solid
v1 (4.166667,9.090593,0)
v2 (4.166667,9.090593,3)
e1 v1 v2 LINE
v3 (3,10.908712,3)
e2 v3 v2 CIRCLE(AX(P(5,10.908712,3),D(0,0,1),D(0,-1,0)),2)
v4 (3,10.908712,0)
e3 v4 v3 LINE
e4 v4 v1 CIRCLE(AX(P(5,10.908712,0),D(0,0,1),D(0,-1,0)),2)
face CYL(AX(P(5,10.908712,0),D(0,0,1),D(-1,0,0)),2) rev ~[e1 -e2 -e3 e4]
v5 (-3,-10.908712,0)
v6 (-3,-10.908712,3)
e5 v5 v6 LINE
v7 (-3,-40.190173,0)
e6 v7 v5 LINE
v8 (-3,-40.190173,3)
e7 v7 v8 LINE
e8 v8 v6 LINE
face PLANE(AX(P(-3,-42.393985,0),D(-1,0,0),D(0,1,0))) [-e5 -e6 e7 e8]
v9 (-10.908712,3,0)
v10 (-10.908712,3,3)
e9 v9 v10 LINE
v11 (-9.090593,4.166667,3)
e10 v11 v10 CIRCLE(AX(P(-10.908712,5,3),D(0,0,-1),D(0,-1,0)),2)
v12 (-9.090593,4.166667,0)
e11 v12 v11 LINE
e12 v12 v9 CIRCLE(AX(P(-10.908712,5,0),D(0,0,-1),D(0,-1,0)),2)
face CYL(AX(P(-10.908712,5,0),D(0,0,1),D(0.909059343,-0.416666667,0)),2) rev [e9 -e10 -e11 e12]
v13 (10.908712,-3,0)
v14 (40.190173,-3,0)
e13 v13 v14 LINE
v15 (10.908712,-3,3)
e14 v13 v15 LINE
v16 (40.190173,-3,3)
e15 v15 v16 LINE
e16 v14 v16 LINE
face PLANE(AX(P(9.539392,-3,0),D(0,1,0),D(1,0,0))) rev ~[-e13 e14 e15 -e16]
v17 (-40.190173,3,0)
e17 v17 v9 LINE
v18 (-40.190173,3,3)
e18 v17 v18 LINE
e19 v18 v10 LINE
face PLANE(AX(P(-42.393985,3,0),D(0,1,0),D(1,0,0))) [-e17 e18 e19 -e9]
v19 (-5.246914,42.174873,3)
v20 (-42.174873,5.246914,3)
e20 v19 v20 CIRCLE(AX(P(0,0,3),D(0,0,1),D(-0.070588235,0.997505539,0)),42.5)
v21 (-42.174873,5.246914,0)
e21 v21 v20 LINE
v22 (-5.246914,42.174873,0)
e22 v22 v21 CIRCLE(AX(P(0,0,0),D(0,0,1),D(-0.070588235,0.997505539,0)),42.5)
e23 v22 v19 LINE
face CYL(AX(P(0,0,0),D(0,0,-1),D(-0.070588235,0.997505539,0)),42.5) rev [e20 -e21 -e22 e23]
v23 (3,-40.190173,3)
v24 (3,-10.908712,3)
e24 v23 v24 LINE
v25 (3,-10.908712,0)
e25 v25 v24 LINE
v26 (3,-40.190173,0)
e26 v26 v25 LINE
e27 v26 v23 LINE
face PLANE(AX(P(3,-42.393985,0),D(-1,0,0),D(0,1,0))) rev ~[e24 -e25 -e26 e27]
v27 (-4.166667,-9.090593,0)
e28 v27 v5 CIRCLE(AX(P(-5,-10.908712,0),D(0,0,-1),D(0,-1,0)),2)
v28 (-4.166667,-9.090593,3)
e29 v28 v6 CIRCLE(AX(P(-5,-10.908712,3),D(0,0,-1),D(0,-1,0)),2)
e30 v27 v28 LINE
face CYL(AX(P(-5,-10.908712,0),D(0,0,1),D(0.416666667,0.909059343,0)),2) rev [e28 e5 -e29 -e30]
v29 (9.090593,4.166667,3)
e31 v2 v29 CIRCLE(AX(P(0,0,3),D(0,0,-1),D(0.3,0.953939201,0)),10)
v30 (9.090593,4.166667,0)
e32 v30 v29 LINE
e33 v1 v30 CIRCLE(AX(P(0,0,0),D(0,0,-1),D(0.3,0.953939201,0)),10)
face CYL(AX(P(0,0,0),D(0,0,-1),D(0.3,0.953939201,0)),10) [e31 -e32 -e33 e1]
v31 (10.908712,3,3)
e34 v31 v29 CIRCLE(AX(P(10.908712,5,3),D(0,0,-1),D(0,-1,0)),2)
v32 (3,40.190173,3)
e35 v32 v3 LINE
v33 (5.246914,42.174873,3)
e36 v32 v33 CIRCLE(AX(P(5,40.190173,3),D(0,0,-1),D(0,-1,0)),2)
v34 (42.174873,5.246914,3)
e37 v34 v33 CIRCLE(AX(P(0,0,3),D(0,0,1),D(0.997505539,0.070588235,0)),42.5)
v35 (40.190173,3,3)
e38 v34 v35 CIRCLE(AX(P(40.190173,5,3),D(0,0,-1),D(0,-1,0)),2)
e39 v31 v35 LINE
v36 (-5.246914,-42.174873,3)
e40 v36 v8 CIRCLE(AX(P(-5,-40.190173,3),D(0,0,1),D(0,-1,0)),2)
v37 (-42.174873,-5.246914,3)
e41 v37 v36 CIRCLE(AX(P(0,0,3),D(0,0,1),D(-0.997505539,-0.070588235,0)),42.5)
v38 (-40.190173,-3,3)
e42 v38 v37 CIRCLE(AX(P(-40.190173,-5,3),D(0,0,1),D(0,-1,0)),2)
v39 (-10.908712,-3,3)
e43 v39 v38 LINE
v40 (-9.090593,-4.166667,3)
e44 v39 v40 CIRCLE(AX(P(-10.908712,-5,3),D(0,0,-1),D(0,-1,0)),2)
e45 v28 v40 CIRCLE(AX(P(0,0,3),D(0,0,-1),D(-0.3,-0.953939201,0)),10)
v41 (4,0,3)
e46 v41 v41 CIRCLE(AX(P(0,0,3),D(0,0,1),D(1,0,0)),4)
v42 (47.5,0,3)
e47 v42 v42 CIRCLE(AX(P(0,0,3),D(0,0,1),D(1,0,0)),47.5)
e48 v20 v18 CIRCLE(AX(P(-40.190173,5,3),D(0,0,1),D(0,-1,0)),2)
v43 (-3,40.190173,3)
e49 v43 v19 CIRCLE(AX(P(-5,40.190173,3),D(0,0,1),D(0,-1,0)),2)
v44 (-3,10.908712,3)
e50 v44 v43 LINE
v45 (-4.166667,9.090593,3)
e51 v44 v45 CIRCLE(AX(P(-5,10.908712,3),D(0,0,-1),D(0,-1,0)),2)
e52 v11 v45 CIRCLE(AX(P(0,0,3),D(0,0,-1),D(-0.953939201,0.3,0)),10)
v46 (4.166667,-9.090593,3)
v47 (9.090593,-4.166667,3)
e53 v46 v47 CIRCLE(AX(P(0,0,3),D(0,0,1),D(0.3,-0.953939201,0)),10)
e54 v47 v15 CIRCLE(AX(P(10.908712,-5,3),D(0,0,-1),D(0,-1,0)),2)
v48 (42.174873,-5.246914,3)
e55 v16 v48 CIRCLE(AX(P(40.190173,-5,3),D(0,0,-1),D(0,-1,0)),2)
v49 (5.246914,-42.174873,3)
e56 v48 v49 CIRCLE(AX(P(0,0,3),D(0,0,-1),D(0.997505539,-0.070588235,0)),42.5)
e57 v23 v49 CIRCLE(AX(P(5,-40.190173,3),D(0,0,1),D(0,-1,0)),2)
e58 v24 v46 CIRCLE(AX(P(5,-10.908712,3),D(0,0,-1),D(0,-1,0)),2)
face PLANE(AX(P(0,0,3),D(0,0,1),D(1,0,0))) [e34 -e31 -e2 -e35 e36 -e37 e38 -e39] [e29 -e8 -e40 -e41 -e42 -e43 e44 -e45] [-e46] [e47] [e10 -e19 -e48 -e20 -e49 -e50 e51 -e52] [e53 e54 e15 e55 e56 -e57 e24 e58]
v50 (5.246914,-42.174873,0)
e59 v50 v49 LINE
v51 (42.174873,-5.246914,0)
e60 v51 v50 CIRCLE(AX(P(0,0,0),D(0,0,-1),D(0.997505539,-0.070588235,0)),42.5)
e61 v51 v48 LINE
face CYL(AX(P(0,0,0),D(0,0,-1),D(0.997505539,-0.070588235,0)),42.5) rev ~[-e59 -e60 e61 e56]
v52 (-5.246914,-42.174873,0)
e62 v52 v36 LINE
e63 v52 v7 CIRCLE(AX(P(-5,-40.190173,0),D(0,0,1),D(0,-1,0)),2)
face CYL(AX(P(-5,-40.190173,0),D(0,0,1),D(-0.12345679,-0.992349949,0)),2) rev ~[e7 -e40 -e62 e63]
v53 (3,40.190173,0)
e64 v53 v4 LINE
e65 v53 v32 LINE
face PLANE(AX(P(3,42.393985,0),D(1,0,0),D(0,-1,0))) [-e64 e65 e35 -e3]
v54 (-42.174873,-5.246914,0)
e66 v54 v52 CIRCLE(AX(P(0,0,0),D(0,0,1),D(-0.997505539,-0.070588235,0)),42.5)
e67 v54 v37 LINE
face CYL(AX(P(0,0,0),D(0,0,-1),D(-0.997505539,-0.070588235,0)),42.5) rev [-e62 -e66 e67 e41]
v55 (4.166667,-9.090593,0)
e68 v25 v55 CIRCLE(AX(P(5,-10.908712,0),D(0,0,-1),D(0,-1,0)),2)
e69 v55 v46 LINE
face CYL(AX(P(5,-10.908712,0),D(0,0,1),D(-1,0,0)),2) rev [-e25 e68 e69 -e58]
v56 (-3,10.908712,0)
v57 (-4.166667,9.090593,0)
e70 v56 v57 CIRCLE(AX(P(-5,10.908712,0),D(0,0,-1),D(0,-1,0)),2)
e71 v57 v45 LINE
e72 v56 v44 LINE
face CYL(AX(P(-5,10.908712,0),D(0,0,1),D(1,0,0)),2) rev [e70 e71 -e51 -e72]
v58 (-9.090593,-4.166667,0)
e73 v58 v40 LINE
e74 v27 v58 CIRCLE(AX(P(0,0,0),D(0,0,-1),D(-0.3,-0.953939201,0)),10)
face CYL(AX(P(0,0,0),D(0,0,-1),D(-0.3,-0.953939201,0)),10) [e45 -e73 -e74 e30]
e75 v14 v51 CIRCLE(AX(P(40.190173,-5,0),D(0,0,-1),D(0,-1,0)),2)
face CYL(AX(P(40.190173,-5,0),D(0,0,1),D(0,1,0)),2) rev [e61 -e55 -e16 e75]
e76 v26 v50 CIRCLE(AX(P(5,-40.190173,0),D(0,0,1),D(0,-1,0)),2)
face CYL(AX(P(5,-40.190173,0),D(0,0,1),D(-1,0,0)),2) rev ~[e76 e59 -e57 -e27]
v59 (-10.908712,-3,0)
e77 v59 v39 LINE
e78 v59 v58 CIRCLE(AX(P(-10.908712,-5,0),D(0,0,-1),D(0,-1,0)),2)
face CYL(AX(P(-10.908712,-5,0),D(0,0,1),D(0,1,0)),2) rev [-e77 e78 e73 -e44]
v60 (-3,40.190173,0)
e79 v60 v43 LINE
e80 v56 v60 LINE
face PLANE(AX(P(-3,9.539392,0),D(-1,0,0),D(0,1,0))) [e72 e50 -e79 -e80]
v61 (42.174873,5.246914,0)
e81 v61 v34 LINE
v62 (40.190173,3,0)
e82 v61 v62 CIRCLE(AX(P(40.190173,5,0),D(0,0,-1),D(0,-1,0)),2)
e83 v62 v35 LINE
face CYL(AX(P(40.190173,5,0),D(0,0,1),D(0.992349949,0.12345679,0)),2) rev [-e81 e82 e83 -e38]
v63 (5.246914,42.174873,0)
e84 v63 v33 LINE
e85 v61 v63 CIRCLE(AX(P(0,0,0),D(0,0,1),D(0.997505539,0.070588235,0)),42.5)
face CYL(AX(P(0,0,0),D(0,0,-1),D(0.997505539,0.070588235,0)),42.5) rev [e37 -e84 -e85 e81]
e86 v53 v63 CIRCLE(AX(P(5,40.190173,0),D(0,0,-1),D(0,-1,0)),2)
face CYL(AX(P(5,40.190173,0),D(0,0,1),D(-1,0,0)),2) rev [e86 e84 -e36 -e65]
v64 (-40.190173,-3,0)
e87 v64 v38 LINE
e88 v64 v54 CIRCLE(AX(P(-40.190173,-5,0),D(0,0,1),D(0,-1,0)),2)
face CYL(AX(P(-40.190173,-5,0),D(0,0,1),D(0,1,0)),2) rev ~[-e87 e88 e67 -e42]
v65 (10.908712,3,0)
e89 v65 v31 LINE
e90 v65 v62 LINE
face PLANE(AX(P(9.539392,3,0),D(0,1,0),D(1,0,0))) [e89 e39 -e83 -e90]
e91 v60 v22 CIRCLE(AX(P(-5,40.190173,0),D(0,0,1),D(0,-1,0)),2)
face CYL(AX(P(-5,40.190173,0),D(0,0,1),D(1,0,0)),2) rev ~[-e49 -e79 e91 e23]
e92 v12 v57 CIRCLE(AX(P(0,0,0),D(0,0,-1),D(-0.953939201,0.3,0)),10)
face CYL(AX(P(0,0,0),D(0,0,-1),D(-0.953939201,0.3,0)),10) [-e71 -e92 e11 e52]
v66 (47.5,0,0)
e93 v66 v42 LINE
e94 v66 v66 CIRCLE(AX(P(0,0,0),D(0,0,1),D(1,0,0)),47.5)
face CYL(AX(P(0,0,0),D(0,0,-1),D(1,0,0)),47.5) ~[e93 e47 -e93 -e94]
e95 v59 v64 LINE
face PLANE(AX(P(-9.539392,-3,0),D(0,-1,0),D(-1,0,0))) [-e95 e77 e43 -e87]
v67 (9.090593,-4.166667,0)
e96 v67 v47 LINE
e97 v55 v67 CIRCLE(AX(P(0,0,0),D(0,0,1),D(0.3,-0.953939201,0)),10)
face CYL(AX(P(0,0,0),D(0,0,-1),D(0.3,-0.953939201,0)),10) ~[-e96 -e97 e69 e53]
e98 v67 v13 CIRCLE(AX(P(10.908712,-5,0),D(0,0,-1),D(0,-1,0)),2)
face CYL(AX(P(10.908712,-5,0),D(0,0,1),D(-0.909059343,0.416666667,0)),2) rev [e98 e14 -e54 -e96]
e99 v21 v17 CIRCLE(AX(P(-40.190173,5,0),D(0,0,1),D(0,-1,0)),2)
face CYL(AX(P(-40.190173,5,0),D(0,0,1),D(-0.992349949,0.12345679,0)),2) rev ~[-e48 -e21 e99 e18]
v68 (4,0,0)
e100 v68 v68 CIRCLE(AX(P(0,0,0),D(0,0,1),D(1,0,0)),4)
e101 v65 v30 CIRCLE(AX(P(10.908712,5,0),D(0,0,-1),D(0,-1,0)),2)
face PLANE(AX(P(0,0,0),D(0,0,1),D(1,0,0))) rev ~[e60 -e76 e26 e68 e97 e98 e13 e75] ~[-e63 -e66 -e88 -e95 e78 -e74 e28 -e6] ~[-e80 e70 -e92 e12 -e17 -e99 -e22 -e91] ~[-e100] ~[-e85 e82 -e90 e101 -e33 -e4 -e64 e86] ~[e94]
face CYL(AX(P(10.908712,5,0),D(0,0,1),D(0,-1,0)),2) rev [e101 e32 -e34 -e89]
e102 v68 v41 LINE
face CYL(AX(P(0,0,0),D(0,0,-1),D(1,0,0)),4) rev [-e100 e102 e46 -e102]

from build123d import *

# Parameters (mm, degrees)
SKETCH_1_R      = 47.5
SKETCH_1_R_2    = 4
EXTRUDE_1_DEPTH = 3
FILLET_1_R      = 2
FILLET_2_R      = 2
FILLET_4_R      = 2


with BuildPart() as part:
    # 草图1 → 凸台-拉伸1 (new body)
    with BuildSketch(Plane.XY):
        Circle(SKETCH_1_R)
        Circle(SKETCH_1_R_2, mode=Mode.SUBTRACT)
        with BuildLine():
            Line((3, 42.393985422), (3, 9.539392014))
            ThreePointArc((3, 9.539392014), (7.071067812, 7.071067812), (9.539392014, 3))
            Line((9.539392014, 3), (42.393985422, 3))
            ThreePointArc((42.393985422, 3), (30.0520382, 30.0520382), (3, 42.393985422))
        make_face(mode=Mode.SUBTRACT)
        with BuildLine():
            Line((-9.539392014, -3), (-42.393985422, -3))
            ThreePointArc((-42.393985422, -3), (-30.0520382, -30.0520382), (-3, -42.393985422))
            Line((-3, -42.393985422), (-3, -9.539392014))
            ThreePointArc((-3, -9.539392014), (-7.071067812, -7.071067812), (-9.539392014, -3))
        make_face(mode=Mode.SUBTRACT)
        with BuildLine():
            Line((9.539392014, -3), (42.393985422, -3))
            ThreePointArc((42.393985422, -3), (30.0520382, -30.0520382), (3, -42.393985422))
            Line((3, -42.393985422), (3, -9.539392014))
            ThreePointArc((3, -9.539392014), (7.071067812, -7.071067812), (9.539392014, -3))
        make_face(mode=Mode.SUBTRACT)
        with BuildLine():
            Line((-3, 9.539392014), (-3, 42.393985422))
            ThreePointArc((-3, 42.393985422), (-30.0520382, 30.0520382), (-42.393985422, 3))
            Line((-42.393985422, 3), (-9.539392014, 3))
            ThreePointArc((-9.539392014, 3), (-7.071067812, 7.071067812), (-3, 9.539392014))
        make_face(mode=Mode.SUBTRACT)
    extrude(amount=EXTRUDE_1_DEPTH)

    # 圆角1
    fillet_1_edges = [part.edges().sort_by_distance(p)[0] for p in [
        (3, 42.393985422, 1.5),
    ]]
    fillet(fillet_1_edges, radius=FILLET_1_R)

    # 圆角2
    fillet_2_edges = [part.edges().sort_by_distance(p)[0] for p in [
        (42.393985422, 3, 1.5),
        (3, -42.393985422, 1.5),
        (42.393985422, -3, 1.5),
        (-42.393985422, -3, 1.5),
        (-3, -42.393985422, 1.5),
        (-3, 42.393985422, 1.5),
        (-42.393985422, 3, 1.5),
    ]]
    fillet(fillet_2_edges, radius=FILLET_2_R)

    # 圆角4
    fillet_4_edges = [part.edges().sort_by_distance(p)[0] for p in [
        (3, 9.539392014, 1.5),
        (9.539392014, 3, 1.5),
        (9.539392014, -3, 1.5),
        (3, -9.539392014, 1.5),
        (-3, -9.539392014, 1.5),
        (-9.539392014, -3, 1.5),
        (-9.539392014, 3, 1.5),
        (-3, 9.539392014, 1.5),
    ]]
    fillet(fillet_4_edges, radius=FILLET_4_R)


solid = part.part
